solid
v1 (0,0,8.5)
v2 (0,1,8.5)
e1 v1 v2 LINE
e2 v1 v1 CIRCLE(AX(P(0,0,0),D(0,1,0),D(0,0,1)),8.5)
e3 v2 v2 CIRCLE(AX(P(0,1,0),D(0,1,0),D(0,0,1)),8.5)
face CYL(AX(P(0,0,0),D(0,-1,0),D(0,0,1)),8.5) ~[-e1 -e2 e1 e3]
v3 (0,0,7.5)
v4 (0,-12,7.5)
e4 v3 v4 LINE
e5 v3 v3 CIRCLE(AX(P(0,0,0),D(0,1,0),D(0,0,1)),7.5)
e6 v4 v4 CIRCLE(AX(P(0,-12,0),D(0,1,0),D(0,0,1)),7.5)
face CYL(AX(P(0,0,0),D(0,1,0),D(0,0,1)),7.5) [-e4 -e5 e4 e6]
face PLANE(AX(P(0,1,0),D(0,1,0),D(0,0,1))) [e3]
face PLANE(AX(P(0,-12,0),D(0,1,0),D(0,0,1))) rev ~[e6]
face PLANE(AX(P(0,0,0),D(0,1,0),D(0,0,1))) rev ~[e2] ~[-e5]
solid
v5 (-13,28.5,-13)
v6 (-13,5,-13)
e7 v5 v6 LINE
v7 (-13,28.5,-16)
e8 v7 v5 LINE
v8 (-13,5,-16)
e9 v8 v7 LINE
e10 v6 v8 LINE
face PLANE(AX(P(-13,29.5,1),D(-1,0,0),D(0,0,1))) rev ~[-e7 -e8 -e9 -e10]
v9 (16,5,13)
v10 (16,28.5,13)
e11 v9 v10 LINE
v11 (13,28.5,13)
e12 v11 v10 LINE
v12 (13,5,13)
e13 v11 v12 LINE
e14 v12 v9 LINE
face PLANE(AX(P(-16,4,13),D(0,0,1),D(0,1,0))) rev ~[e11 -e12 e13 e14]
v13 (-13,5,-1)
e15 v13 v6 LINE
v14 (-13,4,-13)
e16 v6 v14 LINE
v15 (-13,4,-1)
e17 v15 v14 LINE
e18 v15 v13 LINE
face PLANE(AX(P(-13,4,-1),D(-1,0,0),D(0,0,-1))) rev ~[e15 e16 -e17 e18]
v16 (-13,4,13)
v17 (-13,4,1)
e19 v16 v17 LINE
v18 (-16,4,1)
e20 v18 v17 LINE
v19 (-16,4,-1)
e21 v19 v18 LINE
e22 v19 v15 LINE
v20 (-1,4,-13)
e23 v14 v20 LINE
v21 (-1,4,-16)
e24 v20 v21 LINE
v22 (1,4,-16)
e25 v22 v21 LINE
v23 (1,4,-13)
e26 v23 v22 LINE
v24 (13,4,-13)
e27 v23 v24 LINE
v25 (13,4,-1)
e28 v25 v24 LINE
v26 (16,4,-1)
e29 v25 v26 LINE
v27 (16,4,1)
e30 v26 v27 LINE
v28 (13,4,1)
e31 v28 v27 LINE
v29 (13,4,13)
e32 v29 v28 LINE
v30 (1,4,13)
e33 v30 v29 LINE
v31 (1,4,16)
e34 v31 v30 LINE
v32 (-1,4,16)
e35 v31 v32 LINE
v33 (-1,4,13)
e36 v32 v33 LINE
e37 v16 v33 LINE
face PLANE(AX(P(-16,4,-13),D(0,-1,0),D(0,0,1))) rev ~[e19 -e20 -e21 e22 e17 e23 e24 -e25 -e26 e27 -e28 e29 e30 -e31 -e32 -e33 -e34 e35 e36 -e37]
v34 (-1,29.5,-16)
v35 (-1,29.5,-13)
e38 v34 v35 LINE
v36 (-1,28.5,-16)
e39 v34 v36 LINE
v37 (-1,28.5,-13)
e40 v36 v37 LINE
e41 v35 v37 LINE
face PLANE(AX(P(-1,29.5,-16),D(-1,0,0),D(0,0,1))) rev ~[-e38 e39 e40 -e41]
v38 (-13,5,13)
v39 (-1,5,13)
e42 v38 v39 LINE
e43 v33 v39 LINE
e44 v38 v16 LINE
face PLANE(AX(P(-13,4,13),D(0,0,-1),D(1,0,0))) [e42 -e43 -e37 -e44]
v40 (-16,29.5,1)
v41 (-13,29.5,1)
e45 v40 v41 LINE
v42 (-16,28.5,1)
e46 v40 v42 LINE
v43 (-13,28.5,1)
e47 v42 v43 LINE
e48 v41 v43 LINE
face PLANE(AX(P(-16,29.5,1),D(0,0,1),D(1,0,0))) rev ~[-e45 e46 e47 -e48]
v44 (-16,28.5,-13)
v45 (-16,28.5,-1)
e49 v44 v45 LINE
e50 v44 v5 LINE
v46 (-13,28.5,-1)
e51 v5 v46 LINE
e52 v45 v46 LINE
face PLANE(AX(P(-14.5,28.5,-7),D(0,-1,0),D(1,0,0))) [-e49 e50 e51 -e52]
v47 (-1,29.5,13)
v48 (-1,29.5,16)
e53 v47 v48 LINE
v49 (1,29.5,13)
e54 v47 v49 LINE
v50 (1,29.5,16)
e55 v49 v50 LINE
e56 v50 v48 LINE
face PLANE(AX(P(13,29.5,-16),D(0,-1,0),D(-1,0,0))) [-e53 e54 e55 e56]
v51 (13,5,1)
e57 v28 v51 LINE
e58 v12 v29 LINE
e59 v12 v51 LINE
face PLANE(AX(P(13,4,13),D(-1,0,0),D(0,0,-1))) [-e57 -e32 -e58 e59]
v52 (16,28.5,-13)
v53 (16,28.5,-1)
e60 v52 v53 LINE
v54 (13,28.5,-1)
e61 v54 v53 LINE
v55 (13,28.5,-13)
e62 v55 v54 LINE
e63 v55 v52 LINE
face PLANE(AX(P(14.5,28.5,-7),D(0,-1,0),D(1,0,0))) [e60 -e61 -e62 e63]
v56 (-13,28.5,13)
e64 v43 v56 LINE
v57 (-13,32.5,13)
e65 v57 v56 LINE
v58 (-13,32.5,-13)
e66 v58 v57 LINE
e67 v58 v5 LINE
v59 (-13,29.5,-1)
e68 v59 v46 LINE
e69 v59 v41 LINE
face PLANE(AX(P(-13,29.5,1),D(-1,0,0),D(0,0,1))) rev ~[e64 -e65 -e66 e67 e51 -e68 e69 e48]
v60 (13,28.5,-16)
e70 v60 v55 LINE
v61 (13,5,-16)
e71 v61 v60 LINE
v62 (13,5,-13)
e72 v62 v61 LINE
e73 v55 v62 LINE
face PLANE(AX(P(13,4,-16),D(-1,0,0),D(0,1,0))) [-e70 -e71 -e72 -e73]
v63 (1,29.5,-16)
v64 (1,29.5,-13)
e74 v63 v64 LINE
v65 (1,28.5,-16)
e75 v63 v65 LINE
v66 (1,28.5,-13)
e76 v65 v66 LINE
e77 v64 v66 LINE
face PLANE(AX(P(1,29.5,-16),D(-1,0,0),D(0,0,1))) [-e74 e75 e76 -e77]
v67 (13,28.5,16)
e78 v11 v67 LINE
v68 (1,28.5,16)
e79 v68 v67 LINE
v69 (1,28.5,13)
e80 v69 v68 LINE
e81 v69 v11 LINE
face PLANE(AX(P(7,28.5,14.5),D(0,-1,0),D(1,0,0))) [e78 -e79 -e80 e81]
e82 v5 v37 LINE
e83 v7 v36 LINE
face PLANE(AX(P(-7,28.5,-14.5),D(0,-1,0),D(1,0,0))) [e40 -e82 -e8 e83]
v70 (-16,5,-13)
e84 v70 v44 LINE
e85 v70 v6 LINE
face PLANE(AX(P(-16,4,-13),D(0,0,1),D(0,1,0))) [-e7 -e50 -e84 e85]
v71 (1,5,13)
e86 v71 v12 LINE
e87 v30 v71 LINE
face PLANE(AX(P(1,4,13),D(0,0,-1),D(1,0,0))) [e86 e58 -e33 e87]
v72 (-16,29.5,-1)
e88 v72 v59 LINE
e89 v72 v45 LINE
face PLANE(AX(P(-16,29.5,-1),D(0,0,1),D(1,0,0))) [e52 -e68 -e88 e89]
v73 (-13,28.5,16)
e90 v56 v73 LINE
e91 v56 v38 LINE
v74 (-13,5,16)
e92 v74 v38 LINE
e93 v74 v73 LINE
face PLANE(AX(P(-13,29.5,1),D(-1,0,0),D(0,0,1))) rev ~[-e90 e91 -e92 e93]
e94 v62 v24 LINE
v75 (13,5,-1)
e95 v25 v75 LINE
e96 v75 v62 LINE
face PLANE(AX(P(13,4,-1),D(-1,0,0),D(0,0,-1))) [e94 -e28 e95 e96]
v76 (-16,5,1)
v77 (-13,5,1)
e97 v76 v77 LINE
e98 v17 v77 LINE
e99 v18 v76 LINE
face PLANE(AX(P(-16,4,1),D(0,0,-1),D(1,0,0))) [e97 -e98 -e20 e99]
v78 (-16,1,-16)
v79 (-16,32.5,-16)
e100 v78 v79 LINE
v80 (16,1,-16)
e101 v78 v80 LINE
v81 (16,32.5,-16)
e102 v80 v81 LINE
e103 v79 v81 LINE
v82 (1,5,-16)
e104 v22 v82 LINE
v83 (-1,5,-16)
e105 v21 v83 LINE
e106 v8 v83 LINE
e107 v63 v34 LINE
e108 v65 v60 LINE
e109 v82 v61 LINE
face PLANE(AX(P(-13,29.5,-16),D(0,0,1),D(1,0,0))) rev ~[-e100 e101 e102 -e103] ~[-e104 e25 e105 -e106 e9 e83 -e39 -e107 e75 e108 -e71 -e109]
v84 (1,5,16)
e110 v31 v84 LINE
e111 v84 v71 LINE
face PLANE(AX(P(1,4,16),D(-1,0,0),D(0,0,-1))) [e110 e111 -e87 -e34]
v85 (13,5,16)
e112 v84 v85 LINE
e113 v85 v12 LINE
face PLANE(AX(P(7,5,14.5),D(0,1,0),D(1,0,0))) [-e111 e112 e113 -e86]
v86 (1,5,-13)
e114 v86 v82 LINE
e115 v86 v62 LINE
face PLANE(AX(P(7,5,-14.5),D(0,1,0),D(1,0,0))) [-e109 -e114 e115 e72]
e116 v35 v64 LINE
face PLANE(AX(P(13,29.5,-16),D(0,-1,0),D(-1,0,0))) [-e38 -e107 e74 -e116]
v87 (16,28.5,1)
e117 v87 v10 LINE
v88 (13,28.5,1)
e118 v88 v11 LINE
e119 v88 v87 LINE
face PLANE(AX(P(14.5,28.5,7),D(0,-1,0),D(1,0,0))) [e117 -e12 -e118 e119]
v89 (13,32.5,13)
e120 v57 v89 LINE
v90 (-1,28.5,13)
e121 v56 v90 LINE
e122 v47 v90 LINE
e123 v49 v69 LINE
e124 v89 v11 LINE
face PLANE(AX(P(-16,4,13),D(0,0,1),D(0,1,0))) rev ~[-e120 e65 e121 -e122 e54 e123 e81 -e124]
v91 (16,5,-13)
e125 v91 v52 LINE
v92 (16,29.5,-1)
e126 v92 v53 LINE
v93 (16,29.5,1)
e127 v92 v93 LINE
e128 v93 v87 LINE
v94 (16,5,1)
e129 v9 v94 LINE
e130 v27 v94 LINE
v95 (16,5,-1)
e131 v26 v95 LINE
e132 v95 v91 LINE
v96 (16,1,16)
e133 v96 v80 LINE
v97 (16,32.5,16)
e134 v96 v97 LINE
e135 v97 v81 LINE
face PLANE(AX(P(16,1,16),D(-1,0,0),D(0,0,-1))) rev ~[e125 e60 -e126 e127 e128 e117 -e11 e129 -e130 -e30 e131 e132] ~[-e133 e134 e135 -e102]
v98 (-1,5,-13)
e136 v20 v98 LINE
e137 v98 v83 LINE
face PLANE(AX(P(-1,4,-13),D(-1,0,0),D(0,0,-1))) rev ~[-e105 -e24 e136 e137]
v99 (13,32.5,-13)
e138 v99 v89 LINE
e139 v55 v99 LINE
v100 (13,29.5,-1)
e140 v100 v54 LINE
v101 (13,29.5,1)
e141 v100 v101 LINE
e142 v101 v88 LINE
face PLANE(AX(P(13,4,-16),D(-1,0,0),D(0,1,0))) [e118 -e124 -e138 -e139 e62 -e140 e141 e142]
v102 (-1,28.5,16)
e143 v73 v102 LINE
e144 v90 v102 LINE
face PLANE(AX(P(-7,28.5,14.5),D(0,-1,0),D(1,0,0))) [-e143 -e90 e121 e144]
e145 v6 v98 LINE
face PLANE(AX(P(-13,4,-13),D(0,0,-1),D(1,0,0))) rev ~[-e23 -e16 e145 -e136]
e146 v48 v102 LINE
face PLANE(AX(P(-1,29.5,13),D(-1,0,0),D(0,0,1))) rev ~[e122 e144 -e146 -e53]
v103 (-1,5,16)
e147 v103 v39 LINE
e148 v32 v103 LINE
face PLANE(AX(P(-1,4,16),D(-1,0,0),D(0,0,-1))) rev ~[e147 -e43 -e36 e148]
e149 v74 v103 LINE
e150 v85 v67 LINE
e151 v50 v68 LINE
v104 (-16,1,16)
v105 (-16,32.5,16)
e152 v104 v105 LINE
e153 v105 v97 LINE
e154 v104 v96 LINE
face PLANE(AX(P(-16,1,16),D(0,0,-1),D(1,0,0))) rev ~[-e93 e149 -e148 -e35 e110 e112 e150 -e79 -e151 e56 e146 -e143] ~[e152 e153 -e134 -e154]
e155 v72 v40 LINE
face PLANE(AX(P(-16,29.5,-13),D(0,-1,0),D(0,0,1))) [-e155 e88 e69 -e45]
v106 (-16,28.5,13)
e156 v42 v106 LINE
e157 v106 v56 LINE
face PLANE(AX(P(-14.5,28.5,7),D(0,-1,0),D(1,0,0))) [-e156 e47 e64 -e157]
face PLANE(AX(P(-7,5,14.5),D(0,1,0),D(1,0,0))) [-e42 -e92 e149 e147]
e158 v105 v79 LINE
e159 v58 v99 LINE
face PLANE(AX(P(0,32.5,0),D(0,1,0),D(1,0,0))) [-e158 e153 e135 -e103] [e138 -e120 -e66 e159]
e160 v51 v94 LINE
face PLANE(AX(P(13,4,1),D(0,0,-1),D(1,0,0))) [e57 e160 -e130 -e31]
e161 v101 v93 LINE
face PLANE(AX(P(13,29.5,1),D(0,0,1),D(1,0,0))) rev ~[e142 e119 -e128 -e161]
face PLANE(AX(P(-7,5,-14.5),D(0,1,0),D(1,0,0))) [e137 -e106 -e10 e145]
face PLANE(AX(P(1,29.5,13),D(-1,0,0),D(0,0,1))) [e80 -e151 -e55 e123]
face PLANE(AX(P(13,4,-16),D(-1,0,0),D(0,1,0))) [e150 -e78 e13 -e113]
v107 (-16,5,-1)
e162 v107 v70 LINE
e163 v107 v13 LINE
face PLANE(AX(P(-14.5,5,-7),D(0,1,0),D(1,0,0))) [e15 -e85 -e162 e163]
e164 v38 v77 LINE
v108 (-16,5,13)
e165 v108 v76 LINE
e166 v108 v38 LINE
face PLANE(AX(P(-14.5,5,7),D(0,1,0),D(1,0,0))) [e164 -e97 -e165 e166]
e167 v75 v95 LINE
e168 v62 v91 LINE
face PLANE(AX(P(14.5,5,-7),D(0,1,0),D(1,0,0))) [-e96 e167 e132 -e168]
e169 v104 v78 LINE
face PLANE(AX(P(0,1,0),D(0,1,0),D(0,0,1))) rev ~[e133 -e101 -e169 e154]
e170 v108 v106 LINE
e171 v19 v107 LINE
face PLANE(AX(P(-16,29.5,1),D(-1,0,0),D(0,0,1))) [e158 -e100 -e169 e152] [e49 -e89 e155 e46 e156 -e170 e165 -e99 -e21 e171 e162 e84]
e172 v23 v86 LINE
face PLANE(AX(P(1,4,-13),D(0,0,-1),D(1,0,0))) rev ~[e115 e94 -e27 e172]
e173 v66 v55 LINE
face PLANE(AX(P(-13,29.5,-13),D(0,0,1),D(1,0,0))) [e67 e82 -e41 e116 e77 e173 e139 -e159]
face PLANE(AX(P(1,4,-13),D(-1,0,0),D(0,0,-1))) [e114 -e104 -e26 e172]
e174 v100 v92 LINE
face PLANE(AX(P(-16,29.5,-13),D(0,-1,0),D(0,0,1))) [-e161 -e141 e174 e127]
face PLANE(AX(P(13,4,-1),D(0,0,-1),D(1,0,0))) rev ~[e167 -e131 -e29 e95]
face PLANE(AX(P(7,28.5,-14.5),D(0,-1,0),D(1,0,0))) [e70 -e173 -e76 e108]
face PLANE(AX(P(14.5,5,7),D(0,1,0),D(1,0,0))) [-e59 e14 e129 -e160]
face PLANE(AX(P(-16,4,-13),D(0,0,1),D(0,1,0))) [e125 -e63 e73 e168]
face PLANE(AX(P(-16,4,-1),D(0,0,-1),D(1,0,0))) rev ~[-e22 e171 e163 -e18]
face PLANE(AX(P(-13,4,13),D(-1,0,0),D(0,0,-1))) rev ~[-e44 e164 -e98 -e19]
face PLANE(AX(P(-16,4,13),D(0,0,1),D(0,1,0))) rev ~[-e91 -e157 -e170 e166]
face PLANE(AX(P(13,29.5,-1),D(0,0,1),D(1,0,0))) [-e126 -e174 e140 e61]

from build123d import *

# Parameters (mm, degrees)
ESQUISSE1_R             = 7.5
BOSS_EXTRU_1_DEPTH      = 12
ESQUISSE2_R             = 8.5
BOSS_EXTRU_2_DEPTH      = 1
ESQUISSE3_W             = 32
ESQUISSE3_H             = 32
ESQUISSE3_W_2           = 26
ESQUISSE3_H_2           = 26
ESQUISSE3_R             = 8.5
BOSS_EXTRU_3_DEPTH      = 31.5
ESQUISSE7_W             = 26
ESQUISSE7_H             = 26
ENL_V_MAT_EXTRU_2_DEPTH = 37.390245946
ESQUISSE8_W             = 26
ESQUISSE8_H             = 25.5
ENL_V_MAT_EXTRU_3_DEPTH = 49.334770094
ESQUISSE9_W             = 26
ESQUISSE9_H             = 25.5
ENL_V_MAT_EXTRU_4_DEPTH = 49.334770094
ESQUISSE10_W            = 12
ESQUISSE10_H            = 3
ESQUISSE10_W_2          = 3
ESQUISSE10_H_2          = 12
BOSS_EXTRU_5_DEPTH      = 1
ESQUISSE12_W            = 3
ESQUISSE12_H            = 12
BOSS_EXTRU_9_DEPTH      = 1
ESQUISSE13_W            = 12
ESQUISSE13_H            = 3
BOSS_EXTRU_10_DEPTH     = 1


with BuildPart() as part:
    # Esquisse1 → Boss.-Extru.1 (new body)
    with BuildSketch(Plane(origin=(0, 0, 0), x_dir=(1, 0, 0), z_dir=(0, 1, 0))):
        with Locations(Location((0, 0, 0), (0, 0, 270))):
            Circle(ESQUISSE1_R)
    extrude(amount=-BOSS_EXTRU_1_DEPTH)

    # Esquisse2 → Boss.-Extru.2 (add)
    with BuildSketch(Plane(origin=(0, 0, 0), x_dir=(1, 0, 0), z_dir=(0, 1, 0))):
        with Locations(Location((0, 0, 0), (0, 0, 270))):
            Circle(ESQUISSE2_R)
    extrude(amount=BOSS_EXTRU_2_DEPTH)


with BuildPart() as body_2:
    # Esquisse3 → Boss.-Extru.3 (new body)
    # profile 1 of 3: a face of its own
    with BuildSketch(Plane(origin=(0, 1, 0), x_dir=(1, 0, 0), z_dir=(0, 1, 0))):
        Rectangle(ESQUISSE3_W, ESQUISSE3_H)
        Rectangle(ESQUISSE3_W_2, ESQUISSE3_H_2, mode=Mode.SUBTRACT)
    # profile 2 of 3: a face of its own
    with BuildSketch(Plane(origin=(0, 1, 0), x_dir=(1, 0, 0), z_dir=(0, 1, 0))):
        Rectangle(ESQUISSE3_W_2, ESQUISSE3_H_2)
        with Locations(Location((0, 0, 0), (0, 0, 270))):
            Circle(ESQUISSE3_R, mode=Mode.SUBTRACT)
    # profile 3 of 3: a face of its own
    with BuildSketch(Plane(origin=(0, 1, 0), x_dir=(1, 0, 0), z_dir=(0, 1, 0))):
        with Locations(Location((0, 0, 0), (0, 0, 270))):
            Circle(ESQUISSE3_R)
    extrude(amount=BOSS_EXTRU_3_DEPTH)

    # Esquisse7 → Enlèv. mat.-Extru.2 (cut, through all)
    with BuildSketch(Plane(origin=(0, 4, 0), x_dir=(-1, 0, 0), z_dir=(0, -1, 0))):
        Rectangle(ESQUISSE7_W, ESQUISSE7_H)
    extrude(amount=-ENL_V_MAT_EXTRU_2_DEPTH, mode=Mode.SUBTRACT)

    # Esquisse8 → Enlèv. mat.-Extru.3 (cut, through all)
    with BuildSketch(Plane.ZY.offset(16)):
        with Locations((0, 16.75)):
            Rectangle(ESQUISSE8_W, ESQUISSE8_H)
    extrude(amount=-ENL_V_MAT_EXTRU_3_DEPTH, mode=Mode.SUBTRACT)

    # Esquisse9 → Enlèv. mat.-Extru.4 (cut, through all)
    with BuildSketch(Plane(origin=(0, 0, -16), x_dir=(-1, 0, 0), z_dir=(0, 0, -1))):
        with Locations((0, 16.75)):
            Rectangle(ESQUISSE9_W, ESQUISSE9_H)
    extrude(amount=-ENL_V_MAT_EXTRU_4_DEPTH, mode=Mode.SUBTRACT)

    # Esquisse10 → Boss.-Extru.5 (add)
    with BuildSketch(Plane(origin=(0, 4, 0), x_dir=(1, 0, 0), z_dir=(0, 1, 0))):
        with Locations((-7, 14.5)):
            Rectangle(ESQUISSE10_W, ESQUISSE10_H)
        with Locations((7, 14.5)):
            Rectangle(ESQUISSE10_W, ESQUISSE10_H)
        with Locations((14.5, 7)):
            Rectangle(ESQUISSE10_W_2, ESQUISSE10_H_2)
        with Locations((14.5, -7)):
            Rectangle(ESQUISSE10_W_2, ESQUISSE10_H_2)
        with Locations((7, -14.5)):
            Rectangle(ESQUISSE10_W, ESQUISSE10_H)
        with Locations((-7, -14.5)):
            Rectangle(ESQUISSE10_W, ESQUISSE10_H)
        with Locations((-14.5, -7)):
            Rectangle(ESQUISSE10_W_2, ESQUISSE10_H_2)
        with Locations((-14.5, 7)):
            Rectangle(ESQUISSE10_W_2, ESQUISSE10_H_2)
    extrude(amount=BOSS_EXTRU_5_DEPTH)

    # Esquisse12 → Boss.-Extru.9 (add)
    with BuildSketch(Plane.XZ.offset(-29.5)):
        with Locations((-14.5, 7)):
            Rectangle(ESQUISSE12_W, ESQUISSE12_H)
        with Locations((-14.5, -7)):
            Rectangle(ESQUISSE12_W, ESQUISSE12_H)
        with Locations((14.5, 7)):
            Rectangle(ESQUISSE12_W, ESQUISSE12_H)
        with Locations((14.5, -7)):
            Rectangle(ESQUISSE12_W, ESQUISSE12_H)
    extrude(amount=BOSS_EXTRU_9_DEPTH)

    # Esquisse13 → Boss.-Extru.10 (add)
    with BuildSketch(Plane.XZ.offset(-29.5)):
        with Locations((-7, -14.5)):
            Rectangle(ESQUISSE13_W, ESQUISSE13_H)
        with Locations((7, -14.5)):
            Rectangle(ESQUISSE13_W, ESQUISSE13_H)
        with Locations((-7, 14.5)):
            Rectangle(ESQUISSE13_W, ESQUISSE13_H)
        with Locations((7, 14.5)):
            Rectangle(ESQUISSE13_W, ESQUISSE13_H)
    extrude(amount=BOSS_EXTRU_10_DEPTH)


solid = Compound([part.part, body_2.part])
